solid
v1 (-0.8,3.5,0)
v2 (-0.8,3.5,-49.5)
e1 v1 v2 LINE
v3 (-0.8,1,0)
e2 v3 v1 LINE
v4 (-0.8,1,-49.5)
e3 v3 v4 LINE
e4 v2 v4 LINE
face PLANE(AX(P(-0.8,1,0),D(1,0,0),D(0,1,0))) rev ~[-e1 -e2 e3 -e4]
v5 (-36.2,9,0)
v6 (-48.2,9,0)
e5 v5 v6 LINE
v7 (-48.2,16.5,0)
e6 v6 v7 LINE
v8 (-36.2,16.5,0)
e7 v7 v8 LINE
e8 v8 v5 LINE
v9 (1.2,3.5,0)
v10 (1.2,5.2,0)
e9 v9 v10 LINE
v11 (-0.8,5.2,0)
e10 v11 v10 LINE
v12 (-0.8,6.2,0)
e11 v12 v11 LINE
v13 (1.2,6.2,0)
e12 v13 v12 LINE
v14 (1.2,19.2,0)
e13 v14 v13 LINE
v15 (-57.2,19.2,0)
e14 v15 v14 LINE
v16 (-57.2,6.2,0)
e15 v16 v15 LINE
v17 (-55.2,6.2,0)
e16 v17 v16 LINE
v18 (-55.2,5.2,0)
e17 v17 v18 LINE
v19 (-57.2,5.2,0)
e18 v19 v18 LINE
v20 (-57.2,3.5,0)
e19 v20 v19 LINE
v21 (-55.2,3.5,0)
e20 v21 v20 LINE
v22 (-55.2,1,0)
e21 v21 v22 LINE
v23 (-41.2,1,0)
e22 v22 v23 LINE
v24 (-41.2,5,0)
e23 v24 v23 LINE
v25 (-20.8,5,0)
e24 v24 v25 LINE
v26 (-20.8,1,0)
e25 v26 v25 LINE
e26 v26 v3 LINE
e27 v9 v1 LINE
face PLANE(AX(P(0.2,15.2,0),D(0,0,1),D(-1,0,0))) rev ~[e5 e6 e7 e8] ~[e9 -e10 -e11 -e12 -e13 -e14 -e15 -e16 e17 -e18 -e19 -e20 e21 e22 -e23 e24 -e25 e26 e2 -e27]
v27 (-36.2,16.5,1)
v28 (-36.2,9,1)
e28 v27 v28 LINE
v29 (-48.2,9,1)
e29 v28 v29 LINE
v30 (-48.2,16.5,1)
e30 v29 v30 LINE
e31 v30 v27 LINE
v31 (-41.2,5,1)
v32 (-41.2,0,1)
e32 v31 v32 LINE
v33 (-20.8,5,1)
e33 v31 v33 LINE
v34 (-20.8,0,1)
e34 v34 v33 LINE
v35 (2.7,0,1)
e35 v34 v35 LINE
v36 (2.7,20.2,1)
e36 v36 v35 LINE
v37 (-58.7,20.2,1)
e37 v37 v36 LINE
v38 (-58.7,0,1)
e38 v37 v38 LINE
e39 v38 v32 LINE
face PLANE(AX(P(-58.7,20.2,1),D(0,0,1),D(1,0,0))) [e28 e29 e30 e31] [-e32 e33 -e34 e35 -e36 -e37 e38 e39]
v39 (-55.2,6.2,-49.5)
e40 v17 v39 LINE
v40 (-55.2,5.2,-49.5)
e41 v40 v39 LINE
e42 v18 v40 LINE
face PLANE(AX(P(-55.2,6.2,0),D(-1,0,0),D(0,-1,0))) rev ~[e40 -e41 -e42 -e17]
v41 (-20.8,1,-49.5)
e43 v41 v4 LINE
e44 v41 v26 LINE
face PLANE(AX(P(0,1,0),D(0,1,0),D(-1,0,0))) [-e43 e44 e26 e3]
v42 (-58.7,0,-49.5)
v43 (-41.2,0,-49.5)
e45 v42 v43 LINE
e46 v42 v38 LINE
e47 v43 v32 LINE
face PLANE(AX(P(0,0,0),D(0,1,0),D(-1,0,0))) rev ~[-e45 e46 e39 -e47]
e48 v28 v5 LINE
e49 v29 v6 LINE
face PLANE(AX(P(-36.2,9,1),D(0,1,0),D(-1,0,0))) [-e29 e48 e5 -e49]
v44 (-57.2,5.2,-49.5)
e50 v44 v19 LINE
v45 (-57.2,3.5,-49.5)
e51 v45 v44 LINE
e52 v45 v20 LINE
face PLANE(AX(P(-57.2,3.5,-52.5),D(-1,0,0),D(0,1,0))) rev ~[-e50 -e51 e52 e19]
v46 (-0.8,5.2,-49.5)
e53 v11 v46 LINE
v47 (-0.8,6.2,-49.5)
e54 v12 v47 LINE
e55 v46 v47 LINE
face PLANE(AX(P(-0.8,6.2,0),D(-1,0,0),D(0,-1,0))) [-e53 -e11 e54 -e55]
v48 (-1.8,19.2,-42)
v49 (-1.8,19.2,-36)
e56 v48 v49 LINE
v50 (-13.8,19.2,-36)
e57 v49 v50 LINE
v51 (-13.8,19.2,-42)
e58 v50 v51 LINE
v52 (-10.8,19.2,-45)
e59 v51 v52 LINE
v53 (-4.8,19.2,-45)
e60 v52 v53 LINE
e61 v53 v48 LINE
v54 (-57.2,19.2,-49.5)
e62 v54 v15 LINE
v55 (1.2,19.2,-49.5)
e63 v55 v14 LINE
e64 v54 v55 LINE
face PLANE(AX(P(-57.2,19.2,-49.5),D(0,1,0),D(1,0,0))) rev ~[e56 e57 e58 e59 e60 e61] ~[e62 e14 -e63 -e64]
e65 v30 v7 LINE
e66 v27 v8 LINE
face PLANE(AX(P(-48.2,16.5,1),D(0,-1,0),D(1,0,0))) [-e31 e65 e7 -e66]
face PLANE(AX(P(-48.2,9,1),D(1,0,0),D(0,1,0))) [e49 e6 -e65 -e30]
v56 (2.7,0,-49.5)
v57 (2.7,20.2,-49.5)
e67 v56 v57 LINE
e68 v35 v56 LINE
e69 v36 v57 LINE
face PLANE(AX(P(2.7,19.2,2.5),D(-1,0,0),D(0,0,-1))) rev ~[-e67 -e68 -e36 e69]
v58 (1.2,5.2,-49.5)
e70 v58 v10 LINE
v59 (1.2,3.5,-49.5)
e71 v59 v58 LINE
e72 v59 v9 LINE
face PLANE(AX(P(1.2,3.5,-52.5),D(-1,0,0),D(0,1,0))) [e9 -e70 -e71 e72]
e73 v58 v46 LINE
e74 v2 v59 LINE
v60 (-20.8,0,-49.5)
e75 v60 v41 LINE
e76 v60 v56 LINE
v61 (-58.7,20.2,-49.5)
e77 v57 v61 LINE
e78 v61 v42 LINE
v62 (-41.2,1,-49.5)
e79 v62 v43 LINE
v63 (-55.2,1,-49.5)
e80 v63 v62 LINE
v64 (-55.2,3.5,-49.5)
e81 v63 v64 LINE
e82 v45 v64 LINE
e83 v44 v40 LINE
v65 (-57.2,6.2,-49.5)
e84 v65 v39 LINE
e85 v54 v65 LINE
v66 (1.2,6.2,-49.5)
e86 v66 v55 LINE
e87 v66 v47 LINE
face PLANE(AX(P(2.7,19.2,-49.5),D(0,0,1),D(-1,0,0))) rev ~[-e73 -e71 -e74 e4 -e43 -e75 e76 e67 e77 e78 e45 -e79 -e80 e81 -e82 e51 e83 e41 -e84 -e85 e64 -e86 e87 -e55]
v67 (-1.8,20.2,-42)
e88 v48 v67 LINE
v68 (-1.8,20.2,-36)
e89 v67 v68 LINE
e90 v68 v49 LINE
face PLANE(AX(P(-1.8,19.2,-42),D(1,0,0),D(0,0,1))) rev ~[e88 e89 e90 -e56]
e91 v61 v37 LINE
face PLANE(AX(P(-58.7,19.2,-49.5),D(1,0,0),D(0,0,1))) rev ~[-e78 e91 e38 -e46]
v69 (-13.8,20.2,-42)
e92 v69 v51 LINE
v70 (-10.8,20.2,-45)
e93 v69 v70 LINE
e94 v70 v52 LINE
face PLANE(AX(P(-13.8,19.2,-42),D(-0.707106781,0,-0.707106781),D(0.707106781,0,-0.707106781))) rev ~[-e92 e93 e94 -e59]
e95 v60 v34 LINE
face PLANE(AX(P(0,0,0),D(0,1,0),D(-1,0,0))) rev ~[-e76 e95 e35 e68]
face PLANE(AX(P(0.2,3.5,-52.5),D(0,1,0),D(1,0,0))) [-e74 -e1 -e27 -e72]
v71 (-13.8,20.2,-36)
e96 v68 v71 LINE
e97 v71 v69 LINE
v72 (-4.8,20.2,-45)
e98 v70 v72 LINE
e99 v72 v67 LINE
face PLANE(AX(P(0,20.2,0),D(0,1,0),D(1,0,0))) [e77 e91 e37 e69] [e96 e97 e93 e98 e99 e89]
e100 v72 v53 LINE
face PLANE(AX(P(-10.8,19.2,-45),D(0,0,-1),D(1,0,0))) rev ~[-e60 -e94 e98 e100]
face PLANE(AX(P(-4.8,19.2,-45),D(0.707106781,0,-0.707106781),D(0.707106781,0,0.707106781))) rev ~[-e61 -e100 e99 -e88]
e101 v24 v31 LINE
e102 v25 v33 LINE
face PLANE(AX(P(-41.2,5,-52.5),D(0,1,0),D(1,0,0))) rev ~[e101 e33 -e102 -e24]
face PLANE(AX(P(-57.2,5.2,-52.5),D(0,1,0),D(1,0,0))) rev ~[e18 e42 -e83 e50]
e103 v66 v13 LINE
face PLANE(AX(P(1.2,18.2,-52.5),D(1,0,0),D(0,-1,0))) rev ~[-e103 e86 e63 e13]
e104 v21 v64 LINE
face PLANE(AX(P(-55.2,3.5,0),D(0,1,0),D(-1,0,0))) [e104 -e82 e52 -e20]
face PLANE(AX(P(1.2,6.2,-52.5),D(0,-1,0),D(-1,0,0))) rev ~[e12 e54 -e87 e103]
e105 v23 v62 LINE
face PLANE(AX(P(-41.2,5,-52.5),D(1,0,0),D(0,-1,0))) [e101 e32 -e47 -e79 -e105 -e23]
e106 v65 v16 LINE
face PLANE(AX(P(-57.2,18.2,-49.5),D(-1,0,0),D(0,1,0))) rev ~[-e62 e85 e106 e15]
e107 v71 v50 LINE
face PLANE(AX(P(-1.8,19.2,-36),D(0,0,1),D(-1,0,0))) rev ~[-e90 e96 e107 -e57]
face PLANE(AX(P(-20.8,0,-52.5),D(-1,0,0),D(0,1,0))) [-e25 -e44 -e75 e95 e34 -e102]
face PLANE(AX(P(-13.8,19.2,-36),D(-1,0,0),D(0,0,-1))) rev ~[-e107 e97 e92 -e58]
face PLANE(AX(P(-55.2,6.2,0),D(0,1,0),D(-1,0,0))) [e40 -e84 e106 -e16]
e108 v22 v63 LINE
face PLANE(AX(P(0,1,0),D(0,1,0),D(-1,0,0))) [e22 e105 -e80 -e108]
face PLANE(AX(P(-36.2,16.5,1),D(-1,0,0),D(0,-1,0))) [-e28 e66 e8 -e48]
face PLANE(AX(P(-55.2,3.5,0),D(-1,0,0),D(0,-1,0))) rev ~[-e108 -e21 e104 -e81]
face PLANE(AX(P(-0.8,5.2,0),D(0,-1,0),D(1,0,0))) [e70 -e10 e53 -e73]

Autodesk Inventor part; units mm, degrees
ref_plane "YZ Plane" through (0, 0, 0) normal (1, 0, 0) x (0, 1, 0)
ref_plane "XZ Plane" through (0, 0, 0) normal (0, 1, 0) x (-1, 0, 0)
ref_plane "XY Plane" through (0, 0, 0) normal (0, 0, 1) x (1, 0, 0)
sketch "Sketch1" plane through (0, 0, 0) normal (0, 1, 0) x (-1, 0, 0)
  line L0 (0, 0) -> (56, 0)
  line L1 (56, 0) -> (56, -50)
  line L2 (56, -50) -> (0, -50)
  line L3 (0, -50) -> (0, 0)
  line L4 (56.2, 0) -> (-0.2, 0)
  line L5 (-0.2, 0) -> (-0.2, -50)
  line L6 (-0.2, -50) -> (56.2, -50)
  line L7 (56.2, -50) -> (56.2, 0)
  line L8 (58.7, 2.5) -> (-2.7, 2.5)
  line L9 (-2.7, 2.5) -> (-2.7, -52.5)
  line L10 (-2.7, -52.5) -> (58.7, -52.5)
  line L11 (58.7, -52.5) -> (58.7, 2.5)
  line L12 (56.2, -48.0985) -> (56.2, -52.5)
  line L13 (-0.2, -48.7936) -> (-0.2, -52.5)
  point P0 (-0.2, -50)
  dimension "d0" = 56
  dimension "d1" = 50
  dimension "d2" = 0.2
  dimension "d3" = 0.2
  dimension "d4" = 0
  dimension "d5" = 0
  dimension "d6" = 2.5
  dimension "d7" = 2.5
  dimension "d8" = 2.5
  dimension "d9" = 2.5
extrude "Extrusion1" add sketch "Sketch1" along normal blind 15.2 contours L4 L5 L13 L10 L9 L8 L11 L12 L7 L0
extrude "Extrusion2" add sketch "Sketch1" along normal blind 1
sketch "Sketch2" plane through (0.2, 15.2, 0) normal (0, 0, -1) x (-1, 0, 0)
  line L0 (0, -14.2) -> (0, 0) projected
  line L1 (0, -11.7) -> (56.4, -11.7)
  line L2 (56.4, -11.7) -> (56.4, -14.2)
  line L3 (56.4, -14.2) -> (0, -14.2)
  line L4 (0, -14.2) -> (0, -11.7)
  line L5 (56.4, -14.2) -> (56.4, 0) projected
  line L6 (0, -14.2) -> (56.4, -14.2) projected
  line L7 (1, -11.7) -> (55.4, -11.7)
  line L8 (55.4, -11.7) -> (55.4, -14.2)
  line L9 (55.4, -14.2) -> (1, -14.2)
  line L10 (1, -14.2) -> (1, -11.7)
  line L11 (0, -9) -> (56.4, -9)
  line L12 (56.4, -9) -> (56.4, -10)
  line L13 (56.4, -10) -> (0, -10)
  line L14 (0, -10) -> (0, -9)
  line L15 (56.4, -9) -> (55.4, -9)
  line L16 (55.4, -9) -> (55.4, -10)
  line L17 (55.4, -10) -> (56.4, -10)
  line L18 (56.4, -10) -> (56.4, -9)
  line L19 (0, -9) -> (1, -9)
  line L20 (1, -9) -> (1, -10)
  line L21 (1, -10) -> (0, -10)
  line L22 (0, -10) -> (0, -9)
  point P0 (0.2, -15.2)
  point P1 (0, -10)
  point P2 (1, -14.2)
  dimension "d14" = 0
  dimension "d16" = 2.5
  dimension "d17" = 1
  dimension "d18" = 1
  dimension "d19" = 0
  dimension "d20" = 0
  dimension "d21" = 1.7
  dimension "d22" = 1
extrude "Extrusion3" add sketch "Sketch2" along normal up to surface (52.5 mm away) contours L0 L1 L10 L3 | L0 L11 L20 L13 | L8 L1 L2 L3 | L16 L11 L5 L13
sketch "Sketch3" plane through (2.7, 0, -52.5) normal (0, 0, -1) x (-1, 0, 0)
  line L0 (2.5, 15.2) -> (58.9, 15.2) projected
  line L1 (23.5, 15.2) -> (43.9, 15.2)
  line L2 (43.9, 15.2) -> (43.9, 0)
  line L3 (43.9, 0) -> (23.5, 0)
  line L4 (23.5, 0) -> (23.5, 15.2)
  line L5 (58.9, 6.2) -> (58.9, 15.2) projected
  line L6 (2.5, 6.2) -> (2.5, 15.2) projected
  line L7 (0, 0) -> (61.4, 0) projected
  line L8 (23.5, 0) -> (43.9, 0)
  line L9 (43.9, 0) -> (43.9, 5)
  line L10 (43.9, 5) -> (23.5, 5)
  line L11 (23.5, 5) -> (23.5, 0)
  point P0 (2.7, 0)
  dimension "d25" = 15
  dimension "d26" = 21
  dimension "d27" = 0
  dimension "d30" = 5
extrude "Extrusion5" cut sketch "Sketch3" against normal blind 75.725 contours L10 L2 L3 L4
sketch "Sketch4" plane through (-58.7, 15.2, 2.5) normal (0, 0, 1) x (1, 0, 0)
  line L0 (11.5, -0.7) -> (20.5, -0.7)
  line L1 (20.5, -0.7) -> (20.5, -4.2)
  line L2 (20.5, -4.2) -> (11.5, -4.2)
  line L3 (11.5, -4.2) -> (11.5, -0.7)
  point P0 (58.7, -15.2)
  point P1 (3.5, -11.7)
  point P2 (2.5, -11.7)
  dimension "d33" = 7.5
  dimension "d34" = 11
  dimension "d35" = 18
  dimension "d36" = 9
extrude "Extrusion6" cut sketch "Sketch4" against normal up to surface (2.5 mm away)
sketch "Sketch5" plane through (0, 15.2, 0) normal (0, 1, 0) x (1, 0, 0)
  line L0 (2.7, -2.5) -> (2.7, 52.5) projected
  line L1 (2.7, -2.5) -> (2.7, 52.5)
  line L2 (2.7, 52.5) -> (0.2, 52.5) projected
  line L3 (2.7, 52.5) -> (0.2, 52.5)
  line L4 (0.2, 52.5) -> (0.2, 0)
  line L5 (0.2, 0) -> (-56.2, 0) projected
  line L6 (0.2, 0) -> (-56.2, 0)
  line L7 (-56.2, 52.5) -> (-58.7, 52.5) projected
  line L8 (-56.2, 0) -> (-56.2, 52.5)
  line L9 (-58.7, 52.5) -> (-58.7, -2.5) projected
  line L10 (-56.2, 52.5) -> (-58.7, 52.5)
  line L11 (-58.7, -2.5) -> (2.7, -2.5) projected
  line L12 (-58.7, 52.5) -> (-58.7, -2.5)
  line L13 (-58.7, -2.5) -> (2.7, -2.5)
  point P0 (0, 0)
extrude "Extrusion7" add sketch "Sketch5" along normal blind 3
sketch "Sketch6" plane through (0, 18.2, 0) normal (0, 1, 0) x (1, 0, 0)
  line L0 (2.7, -2.5) -> (2.7, 52.5) projected
  line L1 (-58.7, 52.5) -> (-58.7, -2.5) projected
  line L2 (2.7, -2.5) -> (-58.7, -2.5)
  line L3 (-58.7, -2.5) -> (-58.7, 52.5)
  line L4 (-58.7, 52.5) -> (2.7, 52.5)
  line L5 (2.7, 52.5) -> (2.7, -2.5)
  line L6 (-13.8, 42) -> (-1.8, 42)
  line L7 (-1.8, 42) -> (-1.8, 36)
  line L8 (-1.8, 36) -> (-13.8, 36)
  line L9 (-13.8, 36) -> (-13.8, 42)
  line L10 (0.2, 0) -> (-56.2, 0) projected
  line L11 (0.2, 52.5) -> (0.2, 0) projected
  line L12 (-10.8, 45) -> (-4.8, 45)
  line L13 (-13.8, 42) -> (-8.427, 47.373)
  line L14 (-13.8, 42) -> (-6.2015, 42) construction
  line L15 (-1.8, 42) -> (-7.8, 48)
  line L16 (-1.8, 42) -> (6.6853, 42) construction
  point P0 (0, 0)
  point P1 (-4.8, 45)
  point P2 (-58.7, -2.5)
  dimension "d41" = 36
  dimension "d42" = 42
  dimension "d43" = 2
  dimension "d44" = 14
  dimension "d45" = 3
  dimension "d46" = 3
  dimension "d47" = 45
  dimension "d48" = 135
  dimension "d49" = 3
extrude "Extrusion8" add sketch "Sketch6" along normal blind 1
sketch "Sketch7" plane through (2.7, 0, -52.5) normal (0, 0, -1) x (-1, 0, 0)
  line L0 (2.5, 3.5) -> (2.5, 5.2) projected
  line L1 (2.5, 3.5) -> (1.5, 3.5)
  line L2 (1.5, 3.5) -> (1.5, 5.2)
  line L3 (1.5, 5.2) -> (2.5, 5.2)
  line L4 (2.5, 5.2) -> (2.5, 3.5)
  line L5 (2.5, 6.2) -> (2.5, 18.2) projected
  line L6 (2.5, 18.2) -> (1.5, 18.2)
  line L7 (1.5, 18.2) -> (1.5, 6.2)
  line L8 (1.5, 6.2) -> (2.5, 6.2)
  line L9 (2.5, 6.2) -> (2.5, 18.2)
  line L10 (58.9, 3.5) -> (58.9, 5.2) projected
  line L11 (58.9, 3.5) -> (59.9, 3.5)
  line L12 (59.9, 3.5) -> (59.9, 5.2)
  line L13 (59.9, 5.2) -> (58.9, 5.2)
  line L14 (58.9, 5.2) -> (58.9, 3.5)
  line L15 (57.9, 6.2) -> (58.9, 6.2) projected
  line L16 (58.9, 6.2) -> (59.9, 6.2)
  line L17 (59.9, 6.2) -> (59.9, 18.2)
  line L18 (59.9, 18.2) -> (58.9, 18.2)
  line L19 (58.9, 18.2) -> (58.9, 6.2)
  point P0 (2.7, 0)
  dimension "d52" = 1
  dimension "d53" = 1
  dimension "d54" = 1
  dimension "d55" = 1
extrude "Extrusion9" cut sketch "Sketch7" against normal up to surface (52.5 mm away)
sketch "Sketch8" plane through (0, 19.2, 0) normal (0, 1, 0) x (1, 0, 0)
  line L0 (2.7, 52.5) -> (-20.8, 52.5) projected
  line L1 (-58.7, 52.5) -> (-58.7, -2.5) projected
  line L2 (2.7, 52.5) -> (-58.7, 52.5)
  line L3 (-58.7, 52.5) -> (-58.7, 49.5)
  line L4 (-58.7, 49.5) -> (2.7, 49.5)
  line L5 (2.7, 49.5) -> (2.7, 52.5)
  point P0 (0, 0)
  dimension "d58" = 3
extrude "Extrusion10" cut sketch "Sketch8" against normal up to surface (19.2 mm away)
sketch "Sketch9" plane through (0, 19.2, 0) normal (0, 1, 0) x (1, 0, 0)
  line L0 (2.7, -2.5) -> (2.7, 49.5) projected
  line L1 (-58.7, 49.5) -> (-58.7, -2.5) projected
  line L2 (2.7, 49.5) -> (-58.7, 49.5)
  line L3 (-58.7, 49.5) -> (-58.7, -2.5)
  line L4 (-58.7, -2.5) -> (2.7, -2.5)
  line L5 (2.7, -2.5) -> (2.7, 49.5)
  line L6 (-1.8, 42) -> (-1.8, 36) projected
  line L7 (-4.8, 45) -> (-1.8, 42) projected
  line L8 (-1.8, 42) -> (-4.8, 45)
  line L9 (-10.8, 45) -> (-4.8, 45) projected
  line L10 (-4.8, 45) -> (-10.8, 45)
  line L11 (-13.8, 42) -> (-10.8, 45) projected
  line L12 (-10.8, 45) -> (-13.8, 42)
  line L13 (-13.8, 36) -> (-13.8, 42) projected
  line L14 (-13.8, 42) -> (-13.8, 36)
  line L15 (-1.8, 36) -> (-13.8, 36) projected
  line L16 (-13.8, 36) -> (-1.8, 36)
  line L17 (-1.8, 36) -> (-1.8, 42)
  point P0 (0, 0)
extrude "Extrusion11" add sketch "Sketch9" along normal blind 1
sketch "Sketch10" plane through (1.2, 18.2, -49.5) normal (0, 0, -1) x (-1, 0, 0)
  line L0 (0, 0) -> (58.4, 0) projected
  line L1 (0, 0) -> (58.4, 0)
  line L2 (58.4, 0) -> (58.4, 1)
  line L3 (58.4, 1) -> (0, 1)
  line L4 (0, 1) -> (0, 0)
  point P0 (1.2, -18.2)
  dimension "d63" = 1
extrude "Extrusion12" cut sketch "Sketch10" against normal up to surface (49.5 mm away)
sketch "Sketch11" plane through (0, 20.2, 0) normal (0, 1, 0) x (1, 0, 0)
  line L0 (2.7, -2.5) -> (2.7, 49.5) projected
  line L1 (-58.7, 49.5) -> (-58.7, -2.5) projected
  line L2 (2.7, -2.5) -> (-58.7, -2.5)
  line L3 (-58.7, -2.5) -> (-58.7, -1)
  line L4 (-58.7, -1) -> (2.7, -1)
  line L5 (2.7, -1) -> (2.7, -2.5)
  point P0 (0, 0)
  dimension "d66" = 1.5
extrude "Extrusion13" cut sketch "Sketch11" against normal blind 24.925
sketch "Sketch12" plane through (-58.7, 20.2, 1) normal (0, 0, 1) x (1, 0, 0)
  line L0 (10.5, -3.7) -> (22.5, -3.7)
  line L1 (22.5, -3.7) -> (22.5, -11.2)
  line L2 (22.5, -11.2) -> (10.5, -11.2)
  line L3 (10.5, -11.2) -> (10.5, -3.7)
  line L4 (20.5, -5.7) -> (11.5, -5.7) projected
  line L5 (20.5, -9.2) -> (20.5, -5.7) projected
  line L6 (11.5, -9.2) -> (20.5, -9.2) projected
  line L7 (11.5, -5.7) -> (11.5, -9.2) projected
  point P0 (58.7, -20.2)
  dimension "d69" = 2
  dimension "d70" = 2
  dimension "d71" = 2
  dimension "d73" = 1
extrude "Extrusion14" cut sketch "Sketch12" against normal up to surface (1 mm away)
equation "\"d23\" = d16"
properties part number "case"
